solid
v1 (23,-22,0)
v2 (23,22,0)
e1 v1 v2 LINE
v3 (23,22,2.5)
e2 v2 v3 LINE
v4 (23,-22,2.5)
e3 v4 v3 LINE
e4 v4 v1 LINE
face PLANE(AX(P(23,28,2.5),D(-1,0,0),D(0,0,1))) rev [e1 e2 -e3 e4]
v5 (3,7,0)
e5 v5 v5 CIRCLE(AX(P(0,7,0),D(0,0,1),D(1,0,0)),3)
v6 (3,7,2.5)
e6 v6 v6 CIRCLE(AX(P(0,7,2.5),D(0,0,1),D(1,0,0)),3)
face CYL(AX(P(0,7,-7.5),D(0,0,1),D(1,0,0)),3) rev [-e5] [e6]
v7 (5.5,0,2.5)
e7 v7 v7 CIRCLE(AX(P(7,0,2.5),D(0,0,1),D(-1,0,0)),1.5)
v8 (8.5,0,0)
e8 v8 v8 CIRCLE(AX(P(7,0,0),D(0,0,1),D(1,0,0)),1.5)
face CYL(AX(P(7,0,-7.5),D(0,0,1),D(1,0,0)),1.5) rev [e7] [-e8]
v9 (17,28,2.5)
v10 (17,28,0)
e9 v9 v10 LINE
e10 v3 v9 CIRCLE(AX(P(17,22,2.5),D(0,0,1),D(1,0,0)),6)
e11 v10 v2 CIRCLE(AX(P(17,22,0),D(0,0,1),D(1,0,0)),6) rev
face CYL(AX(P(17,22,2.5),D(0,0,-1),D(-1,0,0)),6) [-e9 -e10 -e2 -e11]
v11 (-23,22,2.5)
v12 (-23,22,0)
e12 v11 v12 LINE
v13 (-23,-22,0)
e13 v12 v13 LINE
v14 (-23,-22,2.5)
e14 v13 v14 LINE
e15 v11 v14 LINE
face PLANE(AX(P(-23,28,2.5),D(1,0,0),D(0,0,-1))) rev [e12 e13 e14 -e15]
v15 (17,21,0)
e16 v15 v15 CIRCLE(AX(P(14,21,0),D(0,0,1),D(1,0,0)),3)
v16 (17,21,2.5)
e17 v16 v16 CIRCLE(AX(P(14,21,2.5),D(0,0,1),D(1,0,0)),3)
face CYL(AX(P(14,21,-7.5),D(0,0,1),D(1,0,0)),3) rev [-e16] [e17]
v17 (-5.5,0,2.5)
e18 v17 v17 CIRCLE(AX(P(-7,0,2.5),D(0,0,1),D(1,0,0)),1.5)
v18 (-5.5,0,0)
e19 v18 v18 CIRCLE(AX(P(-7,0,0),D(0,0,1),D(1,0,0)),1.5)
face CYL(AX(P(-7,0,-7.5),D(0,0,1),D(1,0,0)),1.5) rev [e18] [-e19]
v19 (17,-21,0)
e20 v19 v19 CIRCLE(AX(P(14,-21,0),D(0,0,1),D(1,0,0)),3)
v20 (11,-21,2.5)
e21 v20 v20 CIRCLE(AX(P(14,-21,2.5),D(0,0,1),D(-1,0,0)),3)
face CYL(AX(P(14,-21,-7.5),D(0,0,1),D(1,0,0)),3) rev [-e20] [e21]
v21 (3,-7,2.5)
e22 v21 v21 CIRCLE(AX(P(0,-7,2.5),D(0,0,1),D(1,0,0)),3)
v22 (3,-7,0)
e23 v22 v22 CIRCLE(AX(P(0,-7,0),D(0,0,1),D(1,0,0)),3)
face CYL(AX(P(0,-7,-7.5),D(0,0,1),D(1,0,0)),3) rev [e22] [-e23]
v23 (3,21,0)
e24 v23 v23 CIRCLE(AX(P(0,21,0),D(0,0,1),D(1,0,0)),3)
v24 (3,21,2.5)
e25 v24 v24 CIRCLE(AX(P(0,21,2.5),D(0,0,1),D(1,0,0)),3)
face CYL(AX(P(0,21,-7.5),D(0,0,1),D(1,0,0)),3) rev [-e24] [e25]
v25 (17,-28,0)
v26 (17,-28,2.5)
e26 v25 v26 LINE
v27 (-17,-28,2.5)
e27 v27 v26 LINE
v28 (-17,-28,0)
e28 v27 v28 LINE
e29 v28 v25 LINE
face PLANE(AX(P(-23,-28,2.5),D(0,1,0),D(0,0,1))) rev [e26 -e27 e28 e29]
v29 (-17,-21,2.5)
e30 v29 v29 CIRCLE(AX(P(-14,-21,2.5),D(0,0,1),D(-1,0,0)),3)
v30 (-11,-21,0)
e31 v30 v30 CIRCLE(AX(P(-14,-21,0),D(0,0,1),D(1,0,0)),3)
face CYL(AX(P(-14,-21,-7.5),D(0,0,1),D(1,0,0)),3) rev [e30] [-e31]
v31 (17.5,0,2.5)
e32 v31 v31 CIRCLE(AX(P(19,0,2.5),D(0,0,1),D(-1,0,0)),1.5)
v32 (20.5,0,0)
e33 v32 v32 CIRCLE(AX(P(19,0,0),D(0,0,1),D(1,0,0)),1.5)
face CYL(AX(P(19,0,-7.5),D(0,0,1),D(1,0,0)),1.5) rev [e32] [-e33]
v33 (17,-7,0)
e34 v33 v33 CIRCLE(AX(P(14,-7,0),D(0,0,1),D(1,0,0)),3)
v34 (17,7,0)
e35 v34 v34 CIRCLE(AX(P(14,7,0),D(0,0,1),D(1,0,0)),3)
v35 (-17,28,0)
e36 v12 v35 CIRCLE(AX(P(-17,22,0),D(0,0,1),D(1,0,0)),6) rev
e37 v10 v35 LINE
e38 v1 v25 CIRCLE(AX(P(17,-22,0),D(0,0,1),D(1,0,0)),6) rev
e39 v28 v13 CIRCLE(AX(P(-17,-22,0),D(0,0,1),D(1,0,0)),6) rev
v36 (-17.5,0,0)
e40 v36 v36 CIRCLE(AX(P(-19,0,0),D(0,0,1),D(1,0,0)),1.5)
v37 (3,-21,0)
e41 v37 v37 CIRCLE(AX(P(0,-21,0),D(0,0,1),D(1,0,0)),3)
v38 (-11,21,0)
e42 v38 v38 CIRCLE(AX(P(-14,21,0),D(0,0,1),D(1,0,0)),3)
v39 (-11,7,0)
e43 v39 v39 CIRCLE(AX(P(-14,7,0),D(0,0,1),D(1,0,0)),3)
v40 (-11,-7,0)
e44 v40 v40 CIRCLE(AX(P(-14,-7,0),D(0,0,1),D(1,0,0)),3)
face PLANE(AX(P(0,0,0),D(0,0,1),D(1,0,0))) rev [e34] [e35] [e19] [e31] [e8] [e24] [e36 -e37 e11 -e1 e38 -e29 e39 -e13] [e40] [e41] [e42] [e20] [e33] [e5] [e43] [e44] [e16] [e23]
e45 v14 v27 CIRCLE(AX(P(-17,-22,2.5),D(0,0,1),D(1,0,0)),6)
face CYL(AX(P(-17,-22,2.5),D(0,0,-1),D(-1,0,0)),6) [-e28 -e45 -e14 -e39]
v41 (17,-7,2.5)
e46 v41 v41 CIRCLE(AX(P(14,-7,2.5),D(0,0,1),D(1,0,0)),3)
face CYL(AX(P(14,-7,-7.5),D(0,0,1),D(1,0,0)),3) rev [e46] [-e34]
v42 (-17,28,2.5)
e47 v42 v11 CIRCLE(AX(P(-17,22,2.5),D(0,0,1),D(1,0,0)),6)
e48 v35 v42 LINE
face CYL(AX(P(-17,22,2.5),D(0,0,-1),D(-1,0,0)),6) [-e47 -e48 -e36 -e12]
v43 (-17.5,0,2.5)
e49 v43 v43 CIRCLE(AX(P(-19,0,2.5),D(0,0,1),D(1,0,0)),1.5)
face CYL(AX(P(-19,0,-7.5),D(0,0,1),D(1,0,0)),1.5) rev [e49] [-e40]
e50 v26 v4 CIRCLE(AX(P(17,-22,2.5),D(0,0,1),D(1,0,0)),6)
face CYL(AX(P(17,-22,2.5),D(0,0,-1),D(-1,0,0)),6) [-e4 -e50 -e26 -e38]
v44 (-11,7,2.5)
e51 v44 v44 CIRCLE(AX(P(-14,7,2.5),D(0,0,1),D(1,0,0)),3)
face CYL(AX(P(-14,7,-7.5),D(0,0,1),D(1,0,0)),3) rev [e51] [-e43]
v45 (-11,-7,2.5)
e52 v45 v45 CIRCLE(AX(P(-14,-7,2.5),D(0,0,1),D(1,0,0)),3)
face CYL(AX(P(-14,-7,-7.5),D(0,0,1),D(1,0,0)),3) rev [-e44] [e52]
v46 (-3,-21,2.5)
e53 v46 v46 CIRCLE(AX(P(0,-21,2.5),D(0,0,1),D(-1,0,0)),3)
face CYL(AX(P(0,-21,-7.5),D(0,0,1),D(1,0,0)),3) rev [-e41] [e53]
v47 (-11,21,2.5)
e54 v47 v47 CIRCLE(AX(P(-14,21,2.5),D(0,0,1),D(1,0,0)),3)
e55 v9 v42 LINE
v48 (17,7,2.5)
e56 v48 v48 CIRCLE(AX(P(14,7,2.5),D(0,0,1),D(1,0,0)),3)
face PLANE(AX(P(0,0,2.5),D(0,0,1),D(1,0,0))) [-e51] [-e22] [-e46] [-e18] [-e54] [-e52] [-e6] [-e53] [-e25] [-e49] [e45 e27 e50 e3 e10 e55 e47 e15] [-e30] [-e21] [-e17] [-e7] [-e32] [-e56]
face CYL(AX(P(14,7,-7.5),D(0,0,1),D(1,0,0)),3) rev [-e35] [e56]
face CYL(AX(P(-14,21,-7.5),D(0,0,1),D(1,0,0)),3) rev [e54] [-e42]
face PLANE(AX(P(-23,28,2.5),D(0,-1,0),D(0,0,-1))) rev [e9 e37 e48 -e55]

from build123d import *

# Parameters (mm, degrees)
SKETCH_1_W          = 46
SKETCH_1_H          = 56
EXTRUDE_1_DEPTH     = 2.5
FILLET_1_R          = 6
SKETCH_2_R          = 1.5
CUT_EXTRUDE_1_DEPTH = 10
SKETCH_3_R          = 3
CUT_EXTRUDE_2_DEPTH = 10


with BuildPart() as part:
    # 草图1 → 凸台-拉伸1 (new body)
    with BuildSketch(Plane.XY):
        Rectangle(SKETCH_1_W, SKETCH_1_H)
    extrude(amount=EXTRUDE_1_DEPTH)

    # 圆角1
    fillet_1_edges = [part.edges().sort_by_distance(p)[0] for p in [
        (23, -28, 1.25),
        (-23, -28, 1.25),
        (-23, 28, 1.25),
        (23, 28, 1.25),
    ]]
    fillet(fillet_1_edges, radius=FILLET_1_R)

    # 草图2 → 切除-拉伸1 (cut)
    with BuildSketch(Plane.XY.offset(2.5)):
        with Locations((-19, 0)):
            Circle(SKETCH_2_R)
        with Locations((-7, 0)):
            Circle(SKETCH_2_R)
        with Locations((7, 0)):
            Circle(SKETCH_2_R)
        with Locations((19, 0)):
            Circle(SKETCH_2_R)
    extrude(amount=-CUT_EXTRUDE_1_DEPTH, mode=Mode.SUBTRACT)

    # 草图3 → 切除-拉伸2 (cut)
    with BuildSketch(Plane.XY.offset(2.5)):
        with Locations((-14, 7)):
            Circle(SKETCH_3_R)
        with Locations((0, 7)):
            Circle(SKETCH_3_R)
        with Locations((14, 7)):
            Circle(SKETCH_3_R)
        with Locations((-14, -7)):
            Circle(SKETCH_3_R)
        with Locations((0, -7)):
            Circle(SKETCH_3_R)
        with Locations((14, -7)):
            Circle(SKETCH_3_R)
        with Locations((-14, 21)):
            Circle(SKETCH_3_R)
        with Locations((0, 21)):
            Circle(SKETCH_3_R)
        with Locations((14, 21)):
            Circle(SKETCH_3_R)
        with Locations((14, -21)):
            Circle(SKETCH_3_R)
        with Locations((0, -21)):
            Circle(SKETCH_3_R)
        with Locations((-14, -21)):
            Circle(SKETCH_3_R)
    extrude(amount=-CUT_EXTRUDE_2_DEPTH, mode=Mode.SUBTRACT)


solid = part.part
